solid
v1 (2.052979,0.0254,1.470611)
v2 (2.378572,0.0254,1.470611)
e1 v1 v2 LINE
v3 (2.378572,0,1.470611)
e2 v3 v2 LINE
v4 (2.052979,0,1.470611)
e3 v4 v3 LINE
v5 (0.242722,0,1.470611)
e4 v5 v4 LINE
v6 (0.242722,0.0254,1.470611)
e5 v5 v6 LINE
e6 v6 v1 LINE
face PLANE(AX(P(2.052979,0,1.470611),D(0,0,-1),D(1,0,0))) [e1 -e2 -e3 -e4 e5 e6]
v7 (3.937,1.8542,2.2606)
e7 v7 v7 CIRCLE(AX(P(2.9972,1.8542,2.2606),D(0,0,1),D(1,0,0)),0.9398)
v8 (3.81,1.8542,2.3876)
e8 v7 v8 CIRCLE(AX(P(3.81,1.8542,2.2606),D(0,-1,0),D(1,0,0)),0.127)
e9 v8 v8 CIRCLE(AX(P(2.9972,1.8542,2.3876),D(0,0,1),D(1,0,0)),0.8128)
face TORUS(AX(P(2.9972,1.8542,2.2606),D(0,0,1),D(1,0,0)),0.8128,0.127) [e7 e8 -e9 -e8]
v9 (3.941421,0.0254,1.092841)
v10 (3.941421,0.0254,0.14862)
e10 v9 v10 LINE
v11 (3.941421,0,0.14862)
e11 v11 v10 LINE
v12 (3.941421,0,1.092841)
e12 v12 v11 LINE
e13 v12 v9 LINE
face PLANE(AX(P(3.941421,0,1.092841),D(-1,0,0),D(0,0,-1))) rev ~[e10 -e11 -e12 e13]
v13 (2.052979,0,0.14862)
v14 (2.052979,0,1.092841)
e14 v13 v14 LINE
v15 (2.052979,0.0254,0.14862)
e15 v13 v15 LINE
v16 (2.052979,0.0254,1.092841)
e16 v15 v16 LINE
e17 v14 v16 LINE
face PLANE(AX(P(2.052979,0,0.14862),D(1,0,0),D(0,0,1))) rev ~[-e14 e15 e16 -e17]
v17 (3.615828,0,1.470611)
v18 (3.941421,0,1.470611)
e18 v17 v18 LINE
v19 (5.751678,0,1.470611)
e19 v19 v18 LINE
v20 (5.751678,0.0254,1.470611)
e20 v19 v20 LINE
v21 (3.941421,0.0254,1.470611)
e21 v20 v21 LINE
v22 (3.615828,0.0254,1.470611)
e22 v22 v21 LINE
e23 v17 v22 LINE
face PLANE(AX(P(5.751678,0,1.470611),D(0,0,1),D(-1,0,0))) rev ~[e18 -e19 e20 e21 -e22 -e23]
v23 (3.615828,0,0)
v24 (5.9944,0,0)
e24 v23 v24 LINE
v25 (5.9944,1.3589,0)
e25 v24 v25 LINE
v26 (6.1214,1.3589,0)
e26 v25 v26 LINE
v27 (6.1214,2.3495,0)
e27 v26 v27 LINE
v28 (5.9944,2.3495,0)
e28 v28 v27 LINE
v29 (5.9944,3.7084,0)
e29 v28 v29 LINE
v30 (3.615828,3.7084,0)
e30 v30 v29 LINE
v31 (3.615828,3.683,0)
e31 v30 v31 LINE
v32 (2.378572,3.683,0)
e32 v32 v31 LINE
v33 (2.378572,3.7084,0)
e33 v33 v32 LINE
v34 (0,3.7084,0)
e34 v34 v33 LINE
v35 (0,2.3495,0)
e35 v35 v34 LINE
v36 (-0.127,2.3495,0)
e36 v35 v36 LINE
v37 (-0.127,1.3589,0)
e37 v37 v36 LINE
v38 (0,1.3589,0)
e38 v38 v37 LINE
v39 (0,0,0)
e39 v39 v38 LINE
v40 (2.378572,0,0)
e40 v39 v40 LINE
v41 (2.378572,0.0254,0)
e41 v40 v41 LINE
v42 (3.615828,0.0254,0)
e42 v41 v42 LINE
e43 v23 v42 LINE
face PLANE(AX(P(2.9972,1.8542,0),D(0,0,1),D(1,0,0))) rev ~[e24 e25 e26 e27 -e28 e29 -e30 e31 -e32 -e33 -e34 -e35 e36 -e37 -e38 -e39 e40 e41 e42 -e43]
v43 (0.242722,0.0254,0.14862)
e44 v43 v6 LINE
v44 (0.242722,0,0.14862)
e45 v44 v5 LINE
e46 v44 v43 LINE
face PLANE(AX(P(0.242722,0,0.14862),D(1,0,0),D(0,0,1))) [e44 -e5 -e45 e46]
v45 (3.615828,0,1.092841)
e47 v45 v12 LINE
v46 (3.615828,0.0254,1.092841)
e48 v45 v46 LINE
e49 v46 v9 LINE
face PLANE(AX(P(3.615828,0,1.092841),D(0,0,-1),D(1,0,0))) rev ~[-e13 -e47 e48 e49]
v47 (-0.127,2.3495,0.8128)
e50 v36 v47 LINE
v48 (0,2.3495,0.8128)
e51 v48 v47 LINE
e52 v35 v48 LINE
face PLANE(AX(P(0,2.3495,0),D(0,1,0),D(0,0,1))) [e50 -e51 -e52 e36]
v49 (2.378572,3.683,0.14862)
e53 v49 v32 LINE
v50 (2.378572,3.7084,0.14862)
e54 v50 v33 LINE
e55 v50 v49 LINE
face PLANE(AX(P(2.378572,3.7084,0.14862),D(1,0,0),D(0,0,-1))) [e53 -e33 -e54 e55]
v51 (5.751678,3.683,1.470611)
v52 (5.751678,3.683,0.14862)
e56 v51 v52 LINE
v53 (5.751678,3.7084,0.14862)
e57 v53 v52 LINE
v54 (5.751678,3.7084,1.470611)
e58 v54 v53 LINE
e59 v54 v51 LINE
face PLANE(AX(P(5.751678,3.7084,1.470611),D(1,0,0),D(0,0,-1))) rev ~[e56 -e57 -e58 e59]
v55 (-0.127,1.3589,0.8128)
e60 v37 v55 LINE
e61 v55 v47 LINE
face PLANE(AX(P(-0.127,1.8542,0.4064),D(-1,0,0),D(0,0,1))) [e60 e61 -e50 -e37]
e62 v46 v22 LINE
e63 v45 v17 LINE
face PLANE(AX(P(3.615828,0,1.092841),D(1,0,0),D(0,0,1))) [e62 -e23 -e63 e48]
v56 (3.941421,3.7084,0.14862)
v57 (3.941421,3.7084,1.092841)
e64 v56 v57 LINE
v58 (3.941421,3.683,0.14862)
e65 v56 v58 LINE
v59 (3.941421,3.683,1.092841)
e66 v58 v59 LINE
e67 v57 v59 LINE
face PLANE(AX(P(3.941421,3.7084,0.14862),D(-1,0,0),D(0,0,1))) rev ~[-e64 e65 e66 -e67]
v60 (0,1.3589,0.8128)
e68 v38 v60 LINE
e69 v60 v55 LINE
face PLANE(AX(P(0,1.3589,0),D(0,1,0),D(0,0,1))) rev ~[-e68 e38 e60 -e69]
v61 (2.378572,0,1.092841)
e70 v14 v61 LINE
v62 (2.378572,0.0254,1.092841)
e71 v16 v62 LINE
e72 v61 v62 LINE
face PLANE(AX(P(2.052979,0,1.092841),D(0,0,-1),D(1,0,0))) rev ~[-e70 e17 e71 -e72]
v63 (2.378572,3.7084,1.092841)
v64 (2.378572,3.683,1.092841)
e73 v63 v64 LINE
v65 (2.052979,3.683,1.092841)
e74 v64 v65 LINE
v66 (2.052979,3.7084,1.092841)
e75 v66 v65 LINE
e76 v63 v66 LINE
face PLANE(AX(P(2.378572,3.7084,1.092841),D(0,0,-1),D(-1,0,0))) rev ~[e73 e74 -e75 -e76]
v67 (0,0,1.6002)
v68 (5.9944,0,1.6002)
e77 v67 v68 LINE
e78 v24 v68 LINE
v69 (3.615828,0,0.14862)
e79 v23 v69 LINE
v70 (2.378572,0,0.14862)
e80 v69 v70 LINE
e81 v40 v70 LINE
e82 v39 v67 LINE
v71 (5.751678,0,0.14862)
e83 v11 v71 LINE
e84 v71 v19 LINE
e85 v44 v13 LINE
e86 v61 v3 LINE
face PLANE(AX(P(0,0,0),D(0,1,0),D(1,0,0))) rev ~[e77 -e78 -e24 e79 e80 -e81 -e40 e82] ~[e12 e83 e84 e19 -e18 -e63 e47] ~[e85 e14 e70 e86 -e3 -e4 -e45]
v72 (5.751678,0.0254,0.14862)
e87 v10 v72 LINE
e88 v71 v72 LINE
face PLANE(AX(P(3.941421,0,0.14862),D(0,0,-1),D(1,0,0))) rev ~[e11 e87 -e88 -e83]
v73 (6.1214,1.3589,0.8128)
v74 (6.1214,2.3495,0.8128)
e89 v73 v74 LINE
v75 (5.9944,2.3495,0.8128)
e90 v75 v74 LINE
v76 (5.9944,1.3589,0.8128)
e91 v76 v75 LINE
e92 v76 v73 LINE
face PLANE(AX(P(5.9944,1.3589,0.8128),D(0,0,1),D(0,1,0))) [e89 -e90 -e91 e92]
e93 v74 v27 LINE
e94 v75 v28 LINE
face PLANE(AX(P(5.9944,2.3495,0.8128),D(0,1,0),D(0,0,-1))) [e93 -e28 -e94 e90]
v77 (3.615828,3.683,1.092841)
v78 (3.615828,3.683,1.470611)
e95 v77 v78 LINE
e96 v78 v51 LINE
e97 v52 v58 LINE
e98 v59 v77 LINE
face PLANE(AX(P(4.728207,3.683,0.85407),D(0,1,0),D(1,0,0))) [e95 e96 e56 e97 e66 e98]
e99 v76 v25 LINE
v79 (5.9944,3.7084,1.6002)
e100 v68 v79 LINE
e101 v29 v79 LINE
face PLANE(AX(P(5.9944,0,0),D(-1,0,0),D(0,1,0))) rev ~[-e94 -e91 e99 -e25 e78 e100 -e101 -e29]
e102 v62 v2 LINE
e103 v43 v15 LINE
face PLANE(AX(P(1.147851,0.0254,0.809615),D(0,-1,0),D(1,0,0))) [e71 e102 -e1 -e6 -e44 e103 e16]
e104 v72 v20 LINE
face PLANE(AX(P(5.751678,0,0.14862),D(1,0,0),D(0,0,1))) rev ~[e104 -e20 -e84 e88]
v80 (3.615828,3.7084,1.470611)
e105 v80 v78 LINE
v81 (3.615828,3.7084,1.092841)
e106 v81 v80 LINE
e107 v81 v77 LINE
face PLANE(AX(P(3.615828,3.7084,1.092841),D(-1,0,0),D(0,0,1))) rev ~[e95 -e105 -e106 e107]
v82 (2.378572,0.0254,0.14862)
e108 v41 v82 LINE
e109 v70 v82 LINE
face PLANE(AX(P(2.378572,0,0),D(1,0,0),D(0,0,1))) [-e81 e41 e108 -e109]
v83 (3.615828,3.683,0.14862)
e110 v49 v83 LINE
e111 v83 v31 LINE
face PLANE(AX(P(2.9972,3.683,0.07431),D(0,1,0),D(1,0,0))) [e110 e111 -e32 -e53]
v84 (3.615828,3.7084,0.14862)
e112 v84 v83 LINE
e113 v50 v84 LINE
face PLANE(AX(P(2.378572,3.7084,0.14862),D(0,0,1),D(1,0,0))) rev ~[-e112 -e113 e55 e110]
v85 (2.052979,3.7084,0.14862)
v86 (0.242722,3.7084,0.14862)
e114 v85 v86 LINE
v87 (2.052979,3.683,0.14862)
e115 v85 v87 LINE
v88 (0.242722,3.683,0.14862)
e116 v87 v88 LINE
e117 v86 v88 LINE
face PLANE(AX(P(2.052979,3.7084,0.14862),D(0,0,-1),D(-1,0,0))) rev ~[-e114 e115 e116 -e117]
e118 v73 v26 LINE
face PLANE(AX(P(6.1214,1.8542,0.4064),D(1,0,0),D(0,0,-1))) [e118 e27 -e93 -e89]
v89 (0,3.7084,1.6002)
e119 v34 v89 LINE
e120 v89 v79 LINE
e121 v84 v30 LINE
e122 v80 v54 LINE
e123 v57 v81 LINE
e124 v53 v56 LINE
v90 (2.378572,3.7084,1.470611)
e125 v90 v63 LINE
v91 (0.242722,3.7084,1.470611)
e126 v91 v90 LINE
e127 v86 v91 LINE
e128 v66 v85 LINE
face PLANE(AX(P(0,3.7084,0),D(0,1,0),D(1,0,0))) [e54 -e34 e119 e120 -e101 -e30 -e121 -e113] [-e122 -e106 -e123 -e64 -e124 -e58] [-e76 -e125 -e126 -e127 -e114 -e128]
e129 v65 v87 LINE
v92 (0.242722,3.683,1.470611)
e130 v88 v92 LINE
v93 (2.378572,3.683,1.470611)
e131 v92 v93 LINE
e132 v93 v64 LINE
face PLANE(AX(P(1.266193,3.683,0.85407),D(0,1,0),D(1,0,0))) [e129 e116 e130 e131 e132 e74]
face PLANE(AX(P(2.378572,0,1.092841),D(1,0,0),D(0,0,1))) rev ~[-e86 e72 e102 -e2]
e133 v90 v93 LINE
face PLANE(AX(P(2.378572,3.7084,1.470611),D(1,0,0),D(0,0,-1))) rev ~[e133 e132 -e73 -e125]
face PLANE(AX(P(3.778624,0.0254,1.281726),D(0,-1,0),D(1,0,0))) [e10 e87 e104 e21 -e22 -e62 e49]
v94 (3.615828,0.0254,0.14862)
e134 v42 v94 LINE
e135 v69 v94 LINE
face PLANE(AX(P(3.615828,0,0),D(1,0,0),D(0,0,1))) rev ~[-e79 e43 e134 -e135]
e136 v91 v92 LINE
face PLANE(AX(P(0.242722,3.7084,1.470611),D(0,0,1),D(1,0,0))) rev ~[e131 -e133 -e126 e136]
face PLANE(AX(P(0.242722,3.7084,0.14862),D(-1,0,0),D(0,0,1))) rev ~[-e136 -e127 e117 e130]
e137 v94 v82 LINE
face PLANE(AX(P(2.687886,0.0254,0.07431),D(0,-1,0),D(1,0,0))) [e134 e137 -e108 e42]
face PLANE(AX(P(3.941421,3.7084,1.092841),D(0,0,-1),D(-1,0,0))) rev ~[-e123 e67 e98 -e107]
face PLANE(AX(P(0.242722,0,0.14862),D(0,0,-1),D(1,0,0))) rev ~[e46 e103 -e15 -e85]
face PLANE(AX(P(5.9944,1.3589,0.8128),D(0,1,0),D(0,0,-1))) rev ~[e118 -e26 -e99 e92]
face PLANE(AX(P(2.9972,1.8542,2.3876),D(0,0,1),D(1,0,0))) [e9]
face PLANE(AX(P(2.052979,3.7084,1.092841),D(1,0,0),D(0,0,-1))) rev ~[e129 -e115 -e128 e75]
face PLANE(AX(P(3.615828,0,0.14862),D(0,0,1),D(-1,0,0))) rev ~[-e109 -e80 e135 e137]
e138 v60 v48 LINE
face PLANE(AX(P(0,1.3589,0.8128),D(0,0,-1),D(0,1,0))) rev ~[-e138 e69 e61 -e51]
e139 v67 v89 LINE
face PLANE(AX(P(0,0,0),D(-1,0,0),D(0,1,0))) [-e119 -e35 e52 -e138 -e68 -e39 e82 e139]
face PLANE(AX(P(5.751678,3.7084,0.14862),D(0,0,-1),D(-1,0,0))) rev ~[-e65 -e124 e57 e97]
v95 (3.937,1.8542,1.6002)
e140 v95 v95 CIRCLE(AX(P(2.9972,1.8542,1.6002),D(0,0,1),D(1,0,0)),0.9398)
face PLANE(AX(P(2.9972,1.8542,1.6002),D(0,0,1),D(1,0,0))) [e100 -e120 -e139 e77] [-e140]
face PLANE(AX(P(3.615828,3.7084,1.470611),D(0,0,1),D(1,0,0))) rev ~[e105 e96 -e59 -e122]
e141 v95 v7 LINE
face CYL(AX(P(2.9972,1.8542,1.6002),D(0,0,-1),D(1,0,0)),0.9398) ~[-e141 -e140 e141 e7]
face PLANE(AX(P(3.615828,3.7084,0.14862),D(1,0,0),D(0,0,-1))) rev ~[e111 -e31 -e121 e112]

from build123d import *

# Parameters (mm, degrees)
SKETCH1_W           = 5.9944
SKETCH1_H           = 3.7084
BOSS_EXTRUDE1_DEPTH = 1.6002
SKETCH2_R           = 0.9398
BOSS_EXTRUDE2_DEPTH = 0.7874
SKETCH3_W           = 0.8128
SKETCH3_H           = 0.9906
BOSS_EXTRUDE3_DEPTH = 0.127
SKETCH4_W           = 0.8128
SKETCH4_H           = 0.9906
BOSS_EXTRUDE4_DEPTH = 0.127
SKETCH5_W           = 1.810256369
SKETCH5_H           = 1.321990986
SKETCH5_W_2         = 0.325593494
SKETCH5_H_2         = 0.377769853
SKETCH5_W_3         = 0.618627639
SKETCH5_H_3         = 0.148619884
CUT_EXTRUDE1_DEPTH  = 0.0254
SKETCH6_W           = 1.237255278
SKETCH6_H           = 0.148619884
CUT_EXTRUDE2_DEPTH  = 0.0254
FILLET1_R           = 0.127


with BuildPart() as part:
    # Sketch1 → Boss-Extrude1 (new body)
    with BuildSketch(Plane.XY):
        with Locations((2.9972, 1.8542)):
            Rectangle(SKETCH1_W, SKETCH1_H)
    extrude(amount=BOSS_EXTRUDE1_DEPTH)

    # Sketch2 → Boss-Extrude2 (add)
    with BuildSketch(Plane.XY.offset(1.6002)):
        with Locations((2.9972, 1.8542)):
            Circle(SKETCH2_R)
    extrude(amount=BOSS_EXTRUDE2_DEPTH)

    # Sketch3 → Boss-Extrude3 (add)
    with BuildSketch(Plane.ZY):
        with Locations((0.4064, 1.8542)):
            Rectangle(SKETCH3_W, SKETCH3_H)
    extrude(amount=BOSS_EXTRUDE3_DEPTH)

    # Sketch4 → Boss-Extrude4 (add)
    with BuildSketch(Plane(origin=(5.9944, 0, 0), x_dir=(0, 0, -1), z_dir=(1, 0, 0))):
        with Locations((-0.4064, 1.8542)):
            Rectangle(SKETCH4_W, SKETCH4_H)
    extrude(amount=BOSS_EXTRUDE4_DEPTH)

    # Sketch5 → Cut-Extrude1 (cut)
    with BuildSketch(Plane.XZ):
        with Locations((1.147850683, 0.809615377)):
            Rectangle(SKETCH5_W, SKETCH5_H)
        with Locations((2.215775614, 1.281725944)):
            Rectangle(SKETCH5_W_2, SKETCH5_H_2)
        with Locations((3.778624386, 1.281725944)):
            Rectangle(SKETCH5_W_2, SKETCH5_H_2)
        Polygon((5.751677502, 1.47061087), (3.941421133, 1.47061087), (3.941421133, 1.092841017), (3.941421133, 0.148619884), (5.751677502, 0.148619884), align=None)
        with Locations((2.687886181, 0.074309942)):
            Rectangle(SKETCH5_W_3, SKETCH5_H_3)
        with Locations((3.30651382, 0.074309942)):
            Rectangle(SKETCH5_W_3, SKETCH5_H_3)
    extrude(amount=-CUT_EXTRUDE1_DEPTH, mode=Mode.SUBTRACT)

    # Sketch6 → Cut-Extrude2 (cut)
    with BuildSketch(Plane(origin=(0, 3.7084, 0), x_dir=(1, 0, 0), z_dir=(0, 1, 0))):
        Polygon((3.941421133, -1.092841017), (3.615827639, -1.092841017), (3.615827639, -1.47061087), (5.751677502, -1.47061087), (5.751677502, -0.148619884), (3.941421133, -0.148619884), align=None)
        Polygon((2.052978867, -0.148619884), (0.242722498, -0.148619884), (0.242722498, -1.47061087), (2.378572361, -1.47061087), (2.378572361, -1.092841017), (2.052978867, -1.092841017), align=None)
        with Locations((2.9972, -0.074309942)):
            Rectangle(SKETCH6_W, SKETCH6_H)
    extrude(amount=-CUT_EXTRUDE2_DEPTH, mode=Mode.SUBTRACT)

    # Fillet1
    fillet1_edges = [part.edges().sort_by_distance(p)[0] for p in [
        (2.0574, 1.8542, 2.3876),
    ]]
    fillet(fillet1_edges, radius=FILLET1_R)


solid = part.part
